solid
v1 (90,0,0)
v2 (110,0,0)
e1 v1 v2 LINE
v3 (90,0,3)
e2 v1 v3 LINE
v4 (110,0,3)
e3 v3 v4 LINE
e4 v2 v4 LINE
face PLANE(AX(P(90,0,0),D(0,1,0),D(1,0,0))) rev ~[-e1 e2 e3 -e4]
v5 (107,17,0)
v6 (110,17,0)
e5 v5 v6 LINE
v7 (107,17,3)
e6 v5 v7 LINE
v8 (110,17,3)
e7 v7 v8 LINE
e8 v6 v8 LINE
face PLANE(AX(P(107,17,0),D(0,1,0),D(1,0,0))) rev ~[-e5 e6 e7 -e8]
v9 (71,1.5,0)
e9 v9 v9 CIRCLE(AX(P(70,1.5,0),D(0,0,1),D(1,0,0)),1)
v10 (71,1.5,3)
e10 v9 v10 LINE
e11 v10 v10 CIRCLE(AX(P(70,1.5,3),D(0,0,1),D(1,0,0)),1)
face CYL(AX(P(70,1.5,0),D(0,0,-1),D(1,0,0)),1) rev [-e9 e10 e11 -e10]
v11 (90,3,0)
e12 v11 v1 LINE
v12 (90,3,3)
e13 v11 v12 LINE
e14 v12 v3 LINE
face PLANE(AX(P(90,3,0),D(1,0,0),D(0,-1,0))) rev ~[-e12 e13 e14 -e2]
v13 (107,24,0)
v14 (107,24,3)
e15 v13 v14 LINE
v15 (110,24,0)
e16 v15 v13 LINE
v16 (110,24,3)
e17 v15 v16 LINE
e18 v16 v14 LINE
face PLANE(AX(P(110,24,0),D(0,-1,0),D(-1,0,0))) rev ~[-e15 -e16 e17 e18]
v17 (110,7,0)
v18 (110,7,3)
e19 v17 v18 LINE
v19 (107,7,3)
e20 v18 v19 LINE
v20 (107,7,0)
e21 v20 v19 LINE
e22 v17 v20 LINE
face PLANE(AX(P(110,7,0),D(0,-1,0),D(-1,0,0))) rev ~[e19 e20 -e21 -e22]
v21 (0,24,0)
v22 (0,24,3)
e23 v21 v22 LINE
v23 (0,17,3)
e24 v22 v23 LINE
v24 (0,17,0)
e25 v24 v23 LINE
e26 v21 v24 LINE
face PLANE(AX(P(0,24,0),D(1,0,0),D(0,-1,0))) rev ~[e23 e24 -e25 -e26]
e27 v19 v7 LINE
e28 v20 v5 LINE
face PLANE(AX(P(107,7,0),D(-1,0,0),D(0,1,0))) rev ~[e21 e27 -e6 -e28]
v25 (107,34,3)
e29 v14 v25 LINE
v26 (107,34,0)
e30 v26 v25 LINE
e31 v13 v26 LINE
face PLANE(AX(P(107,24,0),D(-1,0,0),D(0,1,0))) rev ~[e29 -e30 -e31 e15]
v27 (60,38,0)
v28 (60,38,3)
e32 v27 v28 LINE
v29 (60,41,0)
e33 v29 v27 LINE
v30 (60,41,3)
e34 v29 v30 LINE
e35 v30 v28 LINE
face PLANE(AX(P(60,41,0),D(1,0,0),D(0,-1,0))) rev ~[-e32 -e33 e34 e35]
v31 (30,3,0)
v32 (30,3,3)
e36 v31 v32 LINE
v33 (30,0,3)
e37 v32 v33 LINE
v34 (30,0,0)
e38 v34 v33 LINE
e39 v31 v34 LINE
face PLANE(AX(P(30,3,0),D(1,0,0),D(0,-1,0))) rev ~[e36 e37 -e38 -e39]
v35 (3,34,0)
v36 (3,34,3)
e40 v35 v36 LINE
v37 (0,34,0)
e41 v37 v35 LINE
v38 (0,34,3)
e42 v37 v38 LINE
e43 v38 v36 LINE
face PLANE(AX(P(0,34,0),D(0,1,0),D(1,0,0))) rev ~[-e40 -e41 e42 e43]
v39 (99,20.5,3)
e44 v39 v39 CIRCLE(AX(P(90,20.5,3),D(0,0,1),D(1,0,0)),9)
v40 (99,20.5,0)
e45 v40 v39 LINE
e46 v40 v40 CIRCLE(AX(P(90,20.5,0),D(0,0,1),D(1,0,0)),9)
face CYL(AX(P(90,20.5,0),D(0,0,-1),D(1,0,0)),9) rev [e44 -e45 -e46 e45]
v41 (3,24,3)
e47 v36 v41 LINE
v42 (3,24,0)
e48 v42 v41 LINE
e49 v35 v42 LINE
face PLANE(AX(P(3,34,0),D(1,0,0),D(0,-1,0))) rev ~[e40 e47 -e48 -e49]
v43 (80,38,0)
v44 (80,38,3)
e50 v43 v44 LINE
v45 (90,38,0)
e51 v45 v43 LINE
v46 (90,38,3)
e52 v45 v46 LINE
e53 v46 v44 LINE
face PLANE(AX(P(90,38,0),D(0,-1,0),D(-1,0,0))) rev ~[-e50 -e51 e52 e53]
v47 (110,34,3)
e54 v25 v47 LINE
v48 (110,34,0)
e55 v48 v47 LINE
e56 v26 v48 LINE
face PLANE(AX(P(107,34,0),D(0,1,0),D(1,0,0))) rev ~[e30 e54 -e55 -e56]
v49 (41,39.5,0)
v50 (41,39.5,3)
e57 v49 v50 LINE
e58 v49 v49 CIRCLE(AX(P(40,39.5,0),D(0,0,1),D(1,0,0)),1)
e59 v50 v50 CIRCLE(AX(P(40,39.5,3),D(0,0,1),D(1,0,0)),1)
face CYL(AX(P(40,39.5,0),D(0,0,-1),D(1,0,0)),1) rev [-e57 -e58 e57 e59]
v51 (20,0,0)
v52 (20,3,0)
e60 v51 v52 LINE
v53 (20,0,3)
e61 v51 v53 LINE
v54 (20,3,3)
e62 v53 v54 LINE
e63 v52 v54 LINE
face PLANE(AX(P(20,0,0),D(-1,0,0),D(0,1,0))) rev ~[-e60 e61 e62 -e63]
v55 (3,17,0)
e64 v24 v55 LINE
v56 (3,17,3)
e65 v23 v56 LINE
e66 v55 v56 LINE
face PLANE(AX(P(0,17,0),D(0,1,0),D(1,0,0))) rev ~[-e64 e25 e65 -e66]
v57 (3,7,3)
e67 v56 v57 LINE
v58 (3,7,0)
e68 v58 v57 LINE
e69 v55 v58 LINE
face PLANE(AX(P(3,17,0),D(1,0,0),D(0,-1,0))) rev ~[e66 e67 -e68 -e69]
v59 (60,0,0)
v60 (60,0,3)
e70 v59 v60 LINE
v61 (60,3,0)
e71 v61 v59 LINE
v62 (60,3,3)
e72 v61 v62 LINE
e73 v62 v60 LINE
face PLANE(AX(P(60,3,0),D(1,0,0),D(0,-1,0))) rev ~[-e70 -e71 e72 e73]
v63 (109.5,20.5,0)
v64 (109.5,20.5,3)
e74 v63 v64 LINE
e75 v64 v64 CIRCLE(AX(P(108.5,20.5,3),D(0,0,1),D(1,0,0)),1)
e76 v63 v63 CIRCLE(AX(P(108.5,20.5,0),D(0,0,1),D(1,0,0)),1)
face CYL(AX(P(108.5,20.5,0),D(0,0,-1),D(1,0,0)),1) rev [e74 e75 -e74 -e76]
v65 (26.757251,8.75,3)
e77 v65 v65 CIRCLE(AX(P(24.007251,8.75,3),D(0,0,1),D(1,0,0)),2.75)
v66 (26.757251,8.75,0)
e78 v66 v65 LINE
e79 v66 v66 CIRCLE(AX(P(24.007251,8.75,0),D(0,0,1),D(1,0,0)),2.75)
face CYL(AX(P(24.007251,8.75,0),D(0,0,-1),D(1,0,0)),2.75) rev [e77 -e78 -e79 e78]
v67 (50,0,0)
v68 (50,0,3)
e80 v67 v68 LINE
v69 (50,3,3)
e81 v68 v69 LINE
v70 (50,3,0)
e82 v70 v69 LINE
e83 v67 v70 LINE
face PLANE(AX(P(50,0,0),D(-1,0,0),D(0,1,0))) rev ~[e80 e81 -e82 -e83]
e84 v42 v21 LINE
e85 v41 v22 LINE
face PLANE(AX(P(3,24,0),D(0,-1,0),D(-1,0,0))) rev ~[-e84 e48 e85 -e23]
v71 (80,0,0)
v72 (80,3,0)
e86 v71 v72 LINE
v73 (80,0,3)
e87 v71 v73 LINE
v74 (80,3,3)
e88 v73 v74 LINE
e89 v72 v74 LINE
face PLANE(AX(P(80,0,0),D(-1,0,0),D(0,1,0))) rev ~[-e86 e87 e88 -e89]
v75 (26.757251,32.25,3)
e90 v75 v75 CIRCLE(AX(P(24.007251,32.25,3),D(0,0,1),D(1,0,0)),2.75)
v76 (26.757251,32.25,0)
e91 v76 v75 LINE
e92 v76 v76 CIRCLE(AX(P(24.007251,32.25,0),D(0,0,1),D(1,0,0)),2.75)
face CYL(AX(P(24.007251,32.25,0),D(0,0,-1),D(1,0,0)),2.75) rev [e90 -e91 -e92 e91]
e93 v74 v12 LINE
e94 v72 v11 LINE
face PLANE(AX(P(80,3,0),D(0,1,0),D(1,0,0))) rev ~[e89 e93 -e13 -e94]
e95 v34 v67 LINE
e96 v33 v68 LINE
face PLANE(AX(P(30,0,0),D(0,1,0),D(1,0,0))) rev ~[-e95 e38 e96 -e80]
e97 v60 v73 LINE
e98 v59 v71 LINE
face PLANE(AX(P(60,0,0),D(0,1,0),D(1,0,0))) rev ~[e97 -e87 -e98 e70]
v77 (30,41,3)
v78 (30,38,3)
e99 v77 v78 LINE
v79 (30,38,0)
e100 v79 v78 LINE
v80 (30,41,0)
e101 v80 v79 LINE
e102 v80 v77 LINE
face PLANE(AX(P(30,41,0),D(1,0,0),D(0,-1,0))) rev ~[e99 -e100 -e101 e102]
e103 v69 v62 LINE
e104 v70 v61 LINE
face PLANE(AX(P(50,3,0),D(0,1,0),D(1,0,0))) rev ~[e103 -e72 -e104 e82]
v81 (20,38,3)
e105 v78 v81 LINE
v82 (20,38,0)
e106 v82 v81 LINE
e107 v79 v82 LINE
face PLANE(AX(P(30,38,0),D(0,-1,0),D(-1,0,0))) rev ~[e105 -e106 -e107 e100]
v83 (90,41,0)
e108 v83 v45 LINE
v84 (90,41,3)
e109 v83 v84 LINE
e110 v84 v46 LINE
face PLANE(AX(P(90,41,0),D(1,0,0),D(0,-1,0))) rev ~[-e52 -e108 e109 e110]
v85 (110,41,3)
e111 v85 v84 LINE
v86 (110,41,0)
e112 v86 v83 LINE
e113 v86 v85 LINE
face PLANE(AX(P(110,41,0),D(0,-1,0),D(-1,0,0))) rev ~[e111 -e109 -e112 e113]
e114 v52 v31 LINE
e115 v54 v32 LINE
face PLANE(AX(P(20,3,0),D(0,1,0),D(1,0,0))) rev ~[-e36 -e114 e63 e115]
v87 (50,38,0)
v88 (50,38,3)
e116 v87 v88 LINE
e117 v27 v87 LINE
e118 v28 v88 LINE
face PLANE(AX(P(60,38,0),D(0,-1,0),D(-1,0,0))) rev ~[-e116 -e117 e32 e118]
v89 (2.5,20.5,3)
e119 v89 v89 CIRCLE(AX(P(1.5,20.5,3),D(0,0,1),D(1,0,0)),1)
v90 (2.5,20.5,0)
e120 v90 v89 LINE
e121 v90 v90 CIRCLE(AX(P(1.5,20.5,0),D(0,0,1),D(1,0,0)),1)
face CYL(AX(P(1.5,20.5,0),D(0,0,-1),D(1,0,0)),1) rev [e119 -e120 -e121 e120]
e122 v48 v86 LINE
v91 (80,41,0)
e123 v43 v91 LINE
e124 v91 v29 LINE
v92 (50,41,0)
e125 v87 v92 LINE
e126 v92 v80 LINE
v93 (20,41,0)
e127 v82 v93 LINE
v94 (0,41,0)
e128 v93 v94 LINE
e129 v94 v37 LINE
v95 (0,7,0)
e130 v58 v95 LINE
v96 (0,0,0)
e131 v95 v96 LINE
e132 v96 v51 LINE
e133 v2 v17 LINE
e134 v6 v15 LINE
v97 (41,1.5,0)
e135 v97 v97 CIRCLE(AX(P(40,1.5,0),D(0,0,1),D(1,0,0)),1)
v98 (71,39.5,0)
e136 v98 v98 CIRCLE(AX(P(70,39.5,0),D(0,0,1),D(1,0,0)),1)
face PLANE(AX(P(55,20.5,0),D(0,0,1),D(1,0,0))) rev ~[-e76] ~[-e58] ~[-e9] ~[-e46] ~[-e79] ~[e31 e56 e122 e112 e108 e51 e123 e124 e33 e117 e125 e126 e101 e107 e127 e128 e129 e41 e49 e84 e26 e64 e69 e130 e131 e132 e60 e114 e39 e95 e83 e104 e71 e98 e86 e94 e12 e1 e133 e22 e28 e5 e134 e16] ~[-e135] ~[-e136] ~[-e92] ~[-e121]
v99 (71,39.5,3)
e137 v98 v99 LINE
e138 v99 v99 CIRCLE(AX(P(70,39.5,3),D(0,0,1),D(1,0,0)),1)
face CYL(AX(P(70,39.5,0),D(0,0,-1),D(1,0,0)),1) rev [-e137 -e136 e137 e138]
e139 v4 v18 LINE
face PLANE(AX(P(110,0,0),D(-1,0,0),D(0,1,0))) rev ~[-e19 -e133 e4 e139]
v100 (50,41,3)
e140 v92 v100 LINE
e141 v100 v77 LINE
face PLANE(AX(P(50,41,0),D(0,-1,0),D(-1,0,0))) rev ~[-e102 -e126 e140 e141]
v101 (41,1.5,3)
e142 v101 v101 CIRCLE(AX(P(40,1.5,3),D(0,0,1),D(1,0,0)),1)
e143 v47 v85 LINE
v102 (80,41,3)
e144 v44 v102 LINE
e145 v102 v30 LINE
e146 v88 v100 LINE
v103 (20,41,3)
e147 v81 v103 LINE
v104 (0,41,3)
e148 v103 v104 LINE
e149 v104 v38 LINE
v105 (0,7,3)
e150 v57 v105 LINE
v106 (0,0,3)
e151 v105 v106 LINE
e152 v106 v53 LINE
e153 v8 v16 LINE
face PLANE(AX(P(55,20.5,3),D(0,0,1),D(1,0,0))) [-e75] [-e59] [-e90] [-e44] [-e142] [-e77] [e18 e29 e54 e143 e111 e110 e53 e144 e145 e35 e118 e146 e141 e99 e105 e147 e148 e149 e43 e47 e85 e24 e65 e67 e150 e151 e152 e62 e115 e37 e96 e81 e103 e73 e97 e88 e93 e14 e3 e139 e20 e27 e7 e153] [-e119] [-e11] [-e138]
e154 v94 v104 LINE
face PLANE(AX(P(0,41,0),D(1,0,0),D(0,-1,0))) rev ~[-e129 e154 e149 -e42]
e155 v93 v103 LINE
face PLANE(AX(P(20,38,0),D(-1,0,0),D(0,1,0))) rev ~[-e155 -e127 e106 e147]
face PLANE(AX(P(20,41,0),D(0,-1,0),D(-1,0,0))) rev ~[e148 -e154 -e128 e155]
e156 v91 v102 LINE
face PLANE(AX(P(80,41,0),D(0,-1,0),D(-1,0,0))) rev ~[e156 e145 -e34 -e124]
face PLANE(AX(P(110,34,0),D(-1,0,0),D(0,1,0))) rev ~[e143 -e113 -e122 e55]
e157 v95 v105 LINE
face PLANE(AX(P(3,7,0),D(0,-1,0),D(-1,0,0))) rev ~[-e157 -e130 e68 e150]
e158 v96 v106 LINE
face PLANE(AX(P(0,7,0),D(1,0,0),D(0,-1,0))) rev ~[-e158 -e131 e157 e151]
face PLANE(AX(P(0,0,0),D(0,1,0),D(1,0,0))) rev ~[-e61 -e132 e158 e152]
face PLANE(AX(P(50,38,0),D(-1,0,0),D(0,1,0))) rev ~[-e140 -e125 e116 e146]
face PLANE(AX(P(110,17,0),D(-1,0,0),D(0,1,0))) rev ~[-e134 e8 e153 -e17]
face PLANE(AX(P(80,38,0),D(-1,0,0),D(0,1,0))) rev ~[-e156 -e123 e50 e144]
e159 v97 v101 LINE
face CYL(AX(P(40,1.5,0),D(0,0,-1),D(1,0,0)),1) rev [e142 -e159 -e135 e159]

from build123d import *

# Parameters (mm, degrees)
F0_R     = 2.75
F0_R_2   = 1
F0_R_3   = 9
F1_DEPTH = 3


with BuildPart() as f1:
    # F0 (on Top) → F1 (new body)
    with BuildSketch(Plane.XY):
        Polygon((0, 7), (0, 0), (20, 0), (20, 3), (30, 3), (30, 0), (50, 0), (50, 3), (55, 3), (60, 3), (60, 0), (80, 0), (80, 3), (90, 3), (90, 0), (110, 0), (110, 7), (107, 7), (107, 17), (110, 17), (110, 24), (107, 24), (107, 34), (110, 34), (110, 41), (90, 41), (90, 38), (80, 38), (80, 41), (60, 41), (60, 38), (55, 38), (50, 38), (50, 41), (30, 41), (30, 38), (20, 38), (20, 41), (0, 41), (0, 34), (3, 34), (3, 24), (0, 24), (0, 17), (3, 17), (3, 7), align=None)
        with Locations((24.007251, 8.75)):
            Circle(F0_R, mode=Mode.SUBTRACT)
        with Locations((40, 1.5)):
            Circle(F0_R_2, mode=Mode.SUBTRACT)
        with Locations((70, 1.5)):
            Circle(F0_R_2, mode=Mode.SUBTRACT)
        with Locations((1.5, 20.5)):
            Circle(F0_R_2, mode=Mode.SUBTRACT)
        with Locations((24.007251, 32.25)):
            Circle(F0_R, mode=Mode.SUBTRACT)
        with Locations((40, 39.5)):
            Circle(F0_R_2, mode=Mode.SUBTRACT)
        with Locations((90, 20.5)):
            Circle(F0_R_3, mode=Mode.SUBTRACT)
        with Locations((108.5, 20.5)):
            Circle(F0_R_2, mode=Mode.SUBTRACT)
        with Locations((70, 39.5)):
            Circle(F0_R_2, mode=Mode.SUBTRACT)
    extrude(amount=F1_DEPTH)


solid = f1.part
